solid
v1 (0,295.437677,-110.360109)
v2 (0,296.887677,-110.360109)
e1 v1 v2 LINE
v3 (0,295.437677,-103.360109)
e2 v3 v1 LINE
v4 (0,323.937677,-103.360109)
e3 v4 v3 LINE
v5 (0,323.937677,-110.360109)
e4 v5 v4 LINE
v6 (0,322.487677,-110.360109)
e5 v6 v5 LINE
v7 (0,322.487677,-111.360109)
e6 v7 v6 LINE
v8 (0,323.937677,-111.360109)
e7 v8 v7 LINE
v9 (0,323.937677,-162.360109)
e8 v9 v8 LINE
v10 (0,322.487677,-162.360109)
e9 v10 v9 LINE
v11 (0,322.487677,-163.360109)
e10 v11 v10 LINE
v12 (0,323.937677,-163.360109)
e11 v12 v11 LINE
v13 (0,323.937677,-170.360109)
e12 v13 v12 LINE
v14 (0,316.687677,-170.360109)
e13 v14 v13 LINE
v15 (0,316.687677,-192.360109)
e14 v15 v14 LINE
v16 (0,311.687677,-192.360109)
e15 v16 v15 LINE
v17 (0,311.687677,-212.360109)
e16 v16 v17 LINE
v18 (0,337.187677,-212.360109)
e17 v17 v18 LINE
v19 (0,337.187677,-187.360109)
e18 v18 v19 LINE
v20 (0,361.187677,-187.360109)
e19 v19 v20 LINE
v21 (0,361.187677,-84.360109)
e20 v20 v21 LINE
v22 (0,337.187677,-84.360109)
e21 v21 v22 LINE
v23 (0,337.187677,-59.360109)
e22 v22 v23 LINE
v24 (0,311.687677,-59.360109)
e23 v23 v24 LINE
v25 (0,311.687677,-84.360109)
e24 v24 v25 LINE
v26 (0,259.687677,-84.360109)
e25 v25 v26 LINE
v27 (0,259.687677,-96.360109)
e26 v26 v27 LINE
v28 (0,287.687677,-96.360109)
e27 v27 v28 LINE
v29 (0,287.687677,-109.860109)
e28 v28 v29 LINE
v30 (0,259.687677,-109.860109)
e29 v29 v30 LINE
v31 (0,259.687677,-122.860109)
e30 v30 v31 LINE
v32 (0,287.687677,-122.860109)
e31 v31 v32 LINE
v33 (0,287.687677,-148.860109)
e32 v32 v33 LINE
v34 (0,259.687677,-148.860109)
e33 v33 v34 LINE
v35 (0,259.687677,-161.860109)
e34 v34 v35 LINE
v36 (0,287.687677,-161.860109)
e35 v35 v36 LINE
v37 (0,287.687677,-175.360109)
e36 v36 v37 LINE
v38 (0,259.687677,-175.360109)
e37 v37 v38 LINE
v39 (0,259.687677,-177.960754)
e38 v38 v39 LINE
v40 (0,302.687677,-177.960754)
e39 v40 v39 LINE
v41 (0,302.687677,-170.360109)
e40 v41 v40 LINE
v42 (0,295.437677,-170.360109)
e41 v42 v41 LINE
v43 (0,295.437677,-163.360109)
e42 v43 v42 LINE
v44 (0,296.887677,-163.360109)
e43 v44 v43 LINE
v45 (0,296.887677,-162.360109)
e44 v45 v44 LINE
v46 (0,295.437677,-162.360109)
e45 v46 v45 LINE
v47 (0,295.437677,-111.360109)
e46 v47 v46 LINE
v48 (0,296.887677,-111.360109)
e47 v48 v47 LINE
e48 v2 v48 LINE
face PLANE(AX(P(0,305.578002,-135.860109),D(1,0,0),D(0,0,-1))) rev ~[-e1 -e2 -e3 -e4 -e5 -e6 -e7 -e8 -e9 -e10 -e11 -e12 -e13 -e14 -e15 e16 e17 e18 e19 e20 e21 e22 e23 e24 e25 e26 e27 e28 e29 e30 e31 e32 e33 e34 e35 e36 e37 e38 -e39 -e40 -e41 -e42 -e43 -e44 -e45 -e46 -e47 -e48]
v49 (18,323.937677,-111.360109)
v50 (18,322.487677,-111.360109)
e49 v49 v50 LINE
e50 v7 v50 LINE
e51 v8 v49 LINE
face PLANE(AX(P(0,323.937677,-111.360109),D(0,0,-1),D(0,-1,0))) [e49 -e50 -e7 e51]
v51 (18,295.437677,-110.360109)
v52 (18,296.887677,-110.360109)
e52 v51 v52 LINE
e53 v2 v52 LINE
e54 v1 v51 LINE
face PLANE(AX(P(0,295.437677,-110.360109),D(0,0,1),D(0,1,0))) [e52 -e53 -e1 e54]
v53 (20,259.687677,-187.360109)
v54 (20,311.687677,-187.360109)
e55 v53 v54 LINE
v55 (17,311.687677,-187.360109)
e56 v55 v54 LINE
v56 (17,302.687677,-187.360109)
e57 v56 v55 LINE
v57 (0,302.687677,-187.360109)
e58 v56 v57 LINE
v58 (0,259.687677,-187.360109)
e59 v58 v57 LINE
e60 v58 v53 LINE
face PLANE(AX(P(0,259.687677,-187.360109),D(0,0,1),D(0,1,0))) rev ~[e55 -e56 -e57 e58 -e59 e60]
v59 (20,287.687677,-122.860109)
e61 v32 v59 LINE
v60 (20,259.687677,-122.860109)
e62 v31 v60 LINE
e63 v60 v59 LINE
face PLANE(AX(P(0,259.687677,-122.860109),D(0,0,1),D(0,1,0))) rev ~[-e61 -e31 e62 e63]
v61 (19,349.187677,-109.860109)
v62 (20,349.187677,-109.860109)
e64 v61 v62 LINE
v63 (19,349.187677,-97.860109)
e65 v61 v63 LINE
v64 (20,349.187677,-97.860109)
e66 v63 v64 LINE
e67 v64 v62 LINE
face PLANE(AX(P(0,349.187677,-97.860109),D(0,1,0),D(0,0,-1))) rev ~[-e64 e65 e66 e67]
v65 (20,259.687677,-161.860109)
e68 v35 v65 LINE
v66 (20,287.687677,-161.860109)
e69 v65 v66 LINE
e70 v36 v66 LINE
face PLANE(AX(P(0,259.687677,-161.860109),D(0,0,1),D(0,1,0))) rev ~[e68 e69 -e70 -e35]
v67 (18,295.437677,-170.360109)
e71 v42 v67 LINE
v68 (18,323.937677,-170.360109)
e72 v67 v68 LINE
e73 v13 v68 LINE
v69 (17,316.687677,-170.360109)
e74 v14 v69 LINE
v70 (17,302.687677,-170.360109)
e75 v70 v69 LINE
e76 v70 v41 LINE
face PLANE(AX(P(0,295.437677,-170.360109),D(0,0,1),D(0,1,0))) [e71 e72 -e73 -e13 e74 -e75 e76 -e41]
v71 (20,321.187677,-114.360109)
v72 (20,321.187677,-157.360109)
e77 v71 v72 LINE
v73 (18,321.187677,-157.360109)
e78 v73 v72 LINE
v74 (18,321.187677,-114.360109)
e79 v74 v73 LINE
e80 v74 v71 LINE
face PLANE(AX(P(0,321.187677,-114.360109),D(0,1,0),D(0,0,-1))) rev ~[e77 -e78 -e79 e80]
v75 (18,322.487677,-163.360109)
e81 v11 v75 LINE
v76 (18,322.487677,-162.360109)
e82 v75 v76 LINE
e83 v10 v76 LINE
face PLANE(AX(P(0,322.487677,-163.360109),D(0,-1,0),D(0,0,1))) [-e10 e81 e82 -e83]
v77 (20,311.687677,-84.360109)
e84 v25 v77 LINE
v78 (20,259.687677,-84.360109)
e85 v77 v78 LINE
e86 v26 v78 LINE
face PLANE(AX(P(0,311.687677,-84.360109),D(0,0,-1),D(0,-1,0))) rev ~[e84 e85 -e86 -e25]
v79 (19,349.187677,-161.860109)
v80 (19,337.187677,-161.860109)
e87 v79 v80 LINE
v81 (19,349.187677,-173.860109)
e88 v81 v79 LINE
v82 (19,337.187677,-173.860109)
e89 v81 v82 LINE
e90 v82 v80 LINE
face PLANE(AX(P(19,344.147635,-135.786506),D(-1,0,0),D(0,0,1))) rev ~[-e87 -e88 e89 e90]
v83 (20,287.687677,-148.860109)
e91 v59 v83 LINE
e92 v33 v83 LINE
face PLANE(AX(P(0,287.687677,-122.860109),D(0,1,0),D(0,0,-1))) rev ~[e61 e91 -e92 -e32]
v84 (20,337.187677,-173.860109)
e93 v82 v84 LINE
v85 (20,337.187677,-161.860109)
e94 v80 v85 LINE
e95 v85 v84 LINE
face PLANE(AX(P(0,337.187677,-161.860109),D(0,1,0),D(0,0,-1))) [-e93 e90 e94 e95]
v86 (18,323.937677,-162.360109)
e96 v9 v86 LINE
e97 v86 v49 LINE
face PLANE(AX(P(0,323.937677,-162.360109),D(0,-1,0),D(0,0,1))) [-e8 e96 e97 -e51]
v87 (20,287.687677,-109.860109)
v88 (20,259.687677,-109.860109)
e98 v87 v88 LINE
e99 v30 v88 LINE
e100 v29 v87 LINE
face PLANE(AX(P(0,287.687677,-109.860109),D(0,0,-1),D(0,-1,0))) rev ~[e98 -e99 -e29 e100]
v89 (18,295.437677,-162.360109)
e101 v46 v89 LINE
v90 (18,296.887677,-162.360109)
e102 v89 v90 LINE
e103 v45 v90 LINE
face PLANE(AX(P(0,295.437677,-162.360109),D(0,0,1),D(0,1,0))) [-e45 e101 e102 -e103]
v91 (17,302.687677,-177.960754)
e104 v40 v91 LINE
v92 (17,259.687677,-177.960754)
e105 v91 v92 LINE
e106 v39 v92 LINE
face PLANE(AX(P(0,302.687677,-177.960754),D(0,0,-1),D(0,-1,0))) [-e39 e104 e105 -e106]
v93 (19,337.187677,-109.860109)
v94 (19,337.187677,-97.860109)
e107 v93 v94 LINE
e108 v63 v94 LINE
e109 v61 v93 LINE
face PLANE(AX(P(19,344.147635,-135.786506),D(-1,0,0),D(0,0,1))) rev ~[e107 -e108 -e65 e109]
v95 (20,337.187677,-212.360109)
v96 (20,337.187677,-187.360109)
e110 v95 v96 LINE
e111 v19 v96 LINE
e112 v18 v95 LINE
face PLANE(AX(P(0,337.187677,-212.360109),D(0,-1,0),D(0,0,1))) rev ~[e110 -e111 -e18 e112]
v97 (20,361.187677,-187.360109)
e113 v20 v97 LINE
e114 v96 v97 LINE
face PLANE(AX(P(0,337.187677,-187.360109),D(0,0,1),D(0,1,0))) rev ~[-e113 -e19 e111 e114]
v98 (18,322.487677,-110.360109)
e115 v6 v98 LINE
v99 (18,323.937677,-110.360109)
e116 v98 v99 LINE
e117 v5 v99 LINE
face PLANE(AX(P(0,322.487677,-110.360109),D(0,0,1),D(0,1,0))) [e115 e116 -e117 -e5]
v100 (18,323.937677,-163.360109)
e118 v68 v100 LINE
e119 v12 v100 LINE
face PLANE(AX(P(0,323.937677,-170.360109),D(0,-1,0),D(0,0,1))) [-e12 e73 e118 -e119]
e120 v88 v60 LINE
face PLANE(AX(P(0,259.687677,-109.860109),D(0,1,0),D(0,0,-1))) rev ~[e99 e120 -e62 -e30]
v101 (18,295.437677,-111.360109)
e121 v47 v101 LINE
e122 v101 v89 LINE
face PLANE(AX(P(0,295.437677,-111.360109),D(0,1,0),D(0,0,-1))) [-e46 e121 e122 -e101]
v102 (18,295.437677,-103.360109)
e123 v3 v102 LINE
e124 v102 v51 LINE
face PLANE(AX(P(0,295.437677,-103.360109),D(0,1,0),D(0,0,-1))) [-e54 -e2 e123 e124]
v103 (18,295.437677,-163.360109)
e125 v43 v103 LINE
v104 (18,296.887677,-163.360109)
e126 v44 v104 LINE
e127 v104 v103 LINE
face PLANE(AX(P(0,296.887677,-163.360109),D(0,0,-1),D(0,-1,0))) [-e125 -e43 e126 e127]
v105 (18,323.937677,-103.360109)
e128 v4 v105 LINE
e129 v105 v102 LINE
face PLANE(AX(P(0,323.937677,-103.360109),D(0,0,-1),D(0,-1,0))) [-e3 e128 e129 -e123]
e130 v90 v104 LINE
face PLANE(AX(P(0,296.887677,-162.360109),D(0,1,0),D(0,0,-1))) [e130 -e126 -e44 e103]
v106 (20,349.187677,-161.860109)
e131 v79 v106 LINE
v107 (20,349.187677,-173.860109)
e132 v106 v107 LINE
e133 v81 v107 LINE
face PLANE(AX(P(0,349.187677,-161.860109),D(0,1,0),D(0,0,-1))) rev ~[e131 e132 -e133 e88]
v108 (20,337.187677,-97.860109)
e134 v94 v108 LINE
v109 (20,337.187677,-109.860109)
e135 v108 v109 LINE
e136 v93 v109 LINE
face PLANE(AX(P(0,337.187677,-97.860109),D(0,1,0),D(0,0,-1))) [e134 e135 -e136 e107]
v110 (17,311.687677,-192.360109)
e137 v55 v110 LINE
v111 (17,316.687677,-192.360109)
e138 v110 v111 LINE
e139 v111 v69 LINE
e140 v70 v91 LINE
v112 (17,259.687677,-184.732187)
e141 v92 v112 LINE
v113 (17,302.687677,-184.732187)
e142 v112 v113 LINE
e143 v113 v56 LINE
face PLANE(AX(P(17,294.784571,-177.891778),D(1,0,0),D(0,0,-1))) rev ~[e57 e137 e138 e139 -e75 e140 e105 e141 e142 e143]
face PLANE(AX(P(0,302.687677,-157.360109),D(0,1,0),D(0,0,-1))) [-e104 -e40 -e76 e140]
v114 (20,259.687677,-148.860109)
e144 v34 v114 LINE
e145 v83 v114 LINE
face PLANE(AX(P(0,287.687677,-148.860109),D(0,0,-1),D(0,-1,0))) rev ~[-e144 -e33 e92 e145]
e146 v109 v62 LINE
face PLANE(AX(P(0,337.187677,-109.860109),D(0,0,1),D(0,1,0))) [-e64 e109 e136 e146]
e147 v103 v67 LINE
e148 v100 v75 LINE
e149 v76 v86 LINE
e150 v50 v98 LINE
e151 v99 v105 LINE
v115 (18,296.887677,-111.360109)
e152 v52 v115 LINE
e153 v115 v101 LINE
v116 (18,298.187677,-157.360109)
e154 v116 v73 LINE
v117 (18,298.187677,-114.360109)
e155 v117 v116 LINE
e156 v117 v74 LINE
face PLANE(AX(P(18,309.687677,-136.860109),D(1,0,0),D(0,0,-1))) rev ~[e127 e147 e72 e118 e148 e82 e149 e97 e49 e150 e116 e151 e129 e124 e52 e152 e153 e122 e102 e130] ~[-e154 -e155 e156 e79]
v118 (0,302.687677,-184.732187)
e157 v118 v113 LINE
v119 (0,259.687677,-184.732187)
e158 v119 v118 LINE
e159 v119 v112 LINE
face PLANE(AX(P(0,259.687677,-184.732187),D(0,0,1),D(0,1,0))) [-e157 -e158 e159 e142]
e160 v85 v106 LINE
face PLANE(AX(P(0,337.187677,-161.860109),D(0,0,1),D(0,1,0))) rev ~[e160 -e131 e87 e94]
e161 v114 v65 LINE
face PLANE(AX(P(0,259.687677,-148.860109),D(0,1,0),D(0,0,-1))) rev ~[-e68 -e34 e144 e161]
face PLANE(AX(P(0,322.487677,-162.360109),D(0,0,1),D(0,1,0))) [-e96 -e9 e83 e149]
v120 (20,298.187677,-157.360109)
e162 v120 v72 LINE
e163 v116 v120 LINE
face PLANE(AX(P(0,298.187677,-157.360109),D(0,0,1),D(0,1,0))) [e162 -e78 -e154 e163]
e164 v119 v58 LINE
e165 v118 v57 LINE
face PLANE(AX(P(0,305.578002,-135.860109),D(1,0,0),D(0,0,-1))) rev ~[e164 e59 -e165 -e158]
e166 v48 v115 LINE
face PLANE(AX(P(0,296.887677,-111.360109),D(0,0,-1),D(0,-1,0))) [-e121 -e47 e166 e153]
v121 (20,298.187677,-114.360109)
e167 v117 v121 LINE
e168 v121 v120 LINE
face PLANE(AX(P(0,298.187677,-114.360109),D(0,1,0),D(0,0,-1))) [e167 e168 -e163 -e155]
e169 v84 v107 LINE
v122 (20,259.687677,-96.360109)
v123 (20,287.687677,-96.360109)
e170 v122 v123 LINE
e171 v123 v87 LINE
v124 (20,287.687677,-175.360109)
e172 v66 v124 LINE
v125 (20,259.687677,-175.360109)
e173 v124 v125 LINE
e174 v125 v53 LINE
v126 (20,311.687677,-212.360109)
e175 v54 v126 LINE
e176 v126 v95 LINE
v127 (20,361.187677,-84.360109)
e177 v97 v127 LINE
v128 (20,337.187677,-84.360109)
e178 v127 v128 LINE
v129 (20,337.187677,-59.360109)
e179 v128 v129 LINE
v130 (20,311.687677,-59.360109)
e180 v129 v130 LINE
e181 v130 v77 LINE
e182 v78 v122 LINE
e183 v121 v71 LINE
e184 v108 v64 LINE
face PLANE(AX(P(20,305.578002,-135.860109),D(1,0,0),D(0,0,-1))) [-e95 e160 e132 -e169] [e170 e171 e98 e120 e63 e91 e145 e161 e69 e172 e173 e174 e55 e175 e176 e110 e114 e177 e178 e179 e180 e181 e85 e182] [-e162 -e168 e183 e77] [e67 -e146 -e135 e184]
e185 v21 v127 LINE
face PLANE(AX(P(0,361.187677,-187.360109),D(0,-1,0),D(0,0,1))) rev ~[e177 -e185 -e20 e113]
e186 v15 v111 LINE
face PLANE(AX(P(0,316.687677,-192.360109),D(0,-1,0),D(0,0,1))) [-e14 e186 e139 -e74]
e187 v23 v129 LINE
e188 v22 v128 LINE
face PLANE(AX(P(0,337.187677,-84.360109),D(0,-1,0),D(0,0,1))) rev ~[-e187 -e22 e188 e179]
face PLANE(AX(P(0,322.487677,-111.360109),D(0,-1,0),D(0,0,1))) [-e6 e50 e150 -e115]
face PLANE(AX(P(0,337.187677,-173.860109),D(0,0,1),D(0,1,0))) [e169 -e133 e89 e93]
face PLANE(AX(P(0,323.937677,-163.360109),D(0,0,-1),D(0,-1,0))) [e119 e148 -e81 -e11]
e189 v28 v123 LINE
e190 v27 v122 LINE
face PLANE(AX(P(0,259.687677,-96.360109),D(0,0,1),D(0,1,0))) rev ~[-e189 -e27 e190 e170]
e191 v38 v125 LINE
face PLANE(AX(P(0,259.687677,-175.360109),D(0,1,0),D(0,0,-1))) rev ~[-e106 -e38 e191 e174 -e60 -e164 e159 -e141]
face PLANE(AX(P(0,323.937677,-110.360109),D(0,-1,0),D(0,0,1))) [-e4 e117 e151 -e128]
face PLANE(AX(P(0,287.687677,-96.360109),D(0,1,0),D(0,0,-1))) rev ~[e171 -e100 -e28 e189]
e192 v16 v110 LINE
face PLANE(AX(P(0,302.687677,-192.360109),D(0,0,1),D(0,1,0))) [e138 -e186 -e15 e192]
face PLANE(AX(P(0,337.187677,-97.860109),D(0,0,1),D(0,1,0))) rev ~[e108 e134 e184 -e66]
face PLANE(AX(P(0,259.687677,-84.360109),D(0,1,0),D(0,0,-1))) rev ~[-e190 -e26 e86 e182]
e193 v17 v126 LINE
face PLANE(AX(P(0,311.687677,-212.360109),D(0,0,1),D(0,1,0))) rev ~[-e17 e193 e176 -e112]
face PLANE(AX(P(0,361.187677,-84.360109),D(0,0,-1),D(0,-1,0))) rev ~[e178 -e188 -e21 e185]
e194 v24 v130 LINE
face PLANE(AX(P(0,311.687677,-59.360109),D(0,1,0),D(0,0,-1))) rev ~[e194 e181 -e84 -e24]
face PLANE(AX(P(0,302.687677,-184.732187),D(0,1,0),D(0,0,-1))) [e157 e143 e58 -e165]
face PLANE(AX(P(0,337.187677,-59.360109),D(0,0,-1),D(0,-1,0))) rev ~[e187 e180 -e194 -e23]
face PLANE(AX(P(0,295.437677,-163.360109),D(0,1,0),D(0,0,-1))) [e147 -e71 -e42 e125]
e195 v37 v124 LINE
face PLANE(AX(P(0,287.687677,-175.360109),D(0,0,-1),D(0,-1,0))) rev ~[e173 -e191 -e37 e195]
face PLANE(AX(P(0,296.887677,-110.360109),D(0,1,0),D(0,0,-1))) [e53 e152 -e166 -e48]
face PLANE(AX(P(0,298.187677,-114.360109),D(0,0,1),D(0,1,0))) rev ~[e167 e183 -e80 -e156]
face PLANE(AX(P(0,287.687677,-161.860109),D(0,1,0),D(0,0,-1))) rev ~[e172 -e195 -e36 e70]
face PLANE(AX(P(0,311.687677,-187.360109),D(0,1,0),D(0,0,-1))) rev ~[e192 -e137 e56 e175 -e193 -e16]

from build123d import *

# Parameters (mm, degrees)
SKETCH_2_W          = 12
SKETCH_2_H          = 12
SKETCH_2_W_2        = 43
SKETCH_2_H_2        = 23
EXTRUDE_1_DEPTH     = 20
SKETCH_3_W          = 86.114957356
SKETCH_3_H          = 19.725477411
EXTRUDE_2_DEPTH     = 19
CUT_EXTRUDE_1_DEPTH = 18
CUT_EXTRUDE_2_DEPTH = 17


with BuildPart() as part:
    # 草图2 → 凸台-拉伸1 (new body)
    with BuildSketch(Plane(origin=(0, 0, 0), x_dir=(0, 0, -1), z_dir=(1, 0, 0))):
        Polygon((109.86010867, 259.687677289), (122.86010867, 259.687677289), (122.86010867, 287.687677289), (148.86010867, 287.687677289), (148.86010867, 259.687677289), (161.86010867, 259.687677289), (161.86010867, 287.687677289), (175.36010867, 287.687677289), (175.36010867, 259.687677289), (187.36010867, 259.687677289), (187.36010867, 311.687677289), (212.36010867, 311.687677289), (212.36010867, 337.187677289), (187.36010867, 337.187677289), (187.36010867, 361.187677289), (84.36010867, 361.187677289), (84.36010867, 337.187677289), (59.36010867, 337.187677289), (59.36010867, 311.687677289), (84.36010867, 311.687677289), (84.36010867, 259.687677289), (96.36010867, 259.687677289), (96.36010867, 287.687677289), (109.86010867, 287.687677289), align=None)
        with Locations((103.86010867, 343.187677289)):
            Rectangle(SKETCH_2_W, SKETCH_2_H, mode=Mode.SUBTRACT)
        with Locations((135.86010867, 309.687677289)):
            Rectangle(SKETCH_2_W_2, SKETCH_2_H_2, mode=Mode.SUBTRACT)
        with Locations((167.86010867, 343.187677289)):
            Rectangle(SKETCH_2_W, SKETCH_2_H, mode=Mode.SUBTRACT)
    extrude(amount=EXTRUDE_1_DEPTH)

    # 草图3 → 凸台-拉伸2 (add)
    with BuildSketch(Plane.ZY):
        with Locations((-135.786506142, 344.147634955)):
            Rectangle(SKETCH_3_W, SKETCH_3_H)
    extrude(amount=-EXTRUDE_2_DEPTH)

    # 草图4 → 切除-拉伸1 (cut)
    with BuildSketch(Plane.ZY):
        Polygon((-170.36010867, 323.937677289), (-163.36010867, 323.937677289), (-163.36010867, 322.487677289), (-162.36010867, 322.487677289), (-162.36010867, 323.937677289), (-111.36010867, 323.937677289), (-111.36010867, 322.487677289), (-110.36010867, 322.487677289), (-110.36010867, 323.937677289), (-103.36010867, 323.937677289), (-103.36010867, 295.437677289), (-110.36010867, 295.437677289), (-110.36010867, 296.887677289), (-111.36010867, 296.887677289), (-111.36010867, 295.437677289), (-162.36010867, 295.437677289), (-162.36010867, 296.887677289), (-163.36010867, 296.887677289), (-163.36010867, 295.437677289), (-170.36010867, 295.437677289), align=None)
    extrude(amount=-CUT_EXTRUDE_1_DEPTH, mode=Mode.SUBTRACT)

    # 草图5 → 切除-拉伸2 (cut)
    with BuildSketch(Plane.ZY):
        Polygon((-192.36010867, 316.687677289), (-157.36010867, 316.687677289), (-157.36010867, 302.687677289), (-177.960754488, 302.687677289), (-177.960754488, 259.687677289), (-184.732187032, 259.687677289), (-184.732187032, 302.687677289), (-192.36010867, 302.687677289), align=None)
    extrude(amount=-CUT_EXTRUDE_2_DEPTH, mode=Mode.SUBTRACT)


solid = part.part
